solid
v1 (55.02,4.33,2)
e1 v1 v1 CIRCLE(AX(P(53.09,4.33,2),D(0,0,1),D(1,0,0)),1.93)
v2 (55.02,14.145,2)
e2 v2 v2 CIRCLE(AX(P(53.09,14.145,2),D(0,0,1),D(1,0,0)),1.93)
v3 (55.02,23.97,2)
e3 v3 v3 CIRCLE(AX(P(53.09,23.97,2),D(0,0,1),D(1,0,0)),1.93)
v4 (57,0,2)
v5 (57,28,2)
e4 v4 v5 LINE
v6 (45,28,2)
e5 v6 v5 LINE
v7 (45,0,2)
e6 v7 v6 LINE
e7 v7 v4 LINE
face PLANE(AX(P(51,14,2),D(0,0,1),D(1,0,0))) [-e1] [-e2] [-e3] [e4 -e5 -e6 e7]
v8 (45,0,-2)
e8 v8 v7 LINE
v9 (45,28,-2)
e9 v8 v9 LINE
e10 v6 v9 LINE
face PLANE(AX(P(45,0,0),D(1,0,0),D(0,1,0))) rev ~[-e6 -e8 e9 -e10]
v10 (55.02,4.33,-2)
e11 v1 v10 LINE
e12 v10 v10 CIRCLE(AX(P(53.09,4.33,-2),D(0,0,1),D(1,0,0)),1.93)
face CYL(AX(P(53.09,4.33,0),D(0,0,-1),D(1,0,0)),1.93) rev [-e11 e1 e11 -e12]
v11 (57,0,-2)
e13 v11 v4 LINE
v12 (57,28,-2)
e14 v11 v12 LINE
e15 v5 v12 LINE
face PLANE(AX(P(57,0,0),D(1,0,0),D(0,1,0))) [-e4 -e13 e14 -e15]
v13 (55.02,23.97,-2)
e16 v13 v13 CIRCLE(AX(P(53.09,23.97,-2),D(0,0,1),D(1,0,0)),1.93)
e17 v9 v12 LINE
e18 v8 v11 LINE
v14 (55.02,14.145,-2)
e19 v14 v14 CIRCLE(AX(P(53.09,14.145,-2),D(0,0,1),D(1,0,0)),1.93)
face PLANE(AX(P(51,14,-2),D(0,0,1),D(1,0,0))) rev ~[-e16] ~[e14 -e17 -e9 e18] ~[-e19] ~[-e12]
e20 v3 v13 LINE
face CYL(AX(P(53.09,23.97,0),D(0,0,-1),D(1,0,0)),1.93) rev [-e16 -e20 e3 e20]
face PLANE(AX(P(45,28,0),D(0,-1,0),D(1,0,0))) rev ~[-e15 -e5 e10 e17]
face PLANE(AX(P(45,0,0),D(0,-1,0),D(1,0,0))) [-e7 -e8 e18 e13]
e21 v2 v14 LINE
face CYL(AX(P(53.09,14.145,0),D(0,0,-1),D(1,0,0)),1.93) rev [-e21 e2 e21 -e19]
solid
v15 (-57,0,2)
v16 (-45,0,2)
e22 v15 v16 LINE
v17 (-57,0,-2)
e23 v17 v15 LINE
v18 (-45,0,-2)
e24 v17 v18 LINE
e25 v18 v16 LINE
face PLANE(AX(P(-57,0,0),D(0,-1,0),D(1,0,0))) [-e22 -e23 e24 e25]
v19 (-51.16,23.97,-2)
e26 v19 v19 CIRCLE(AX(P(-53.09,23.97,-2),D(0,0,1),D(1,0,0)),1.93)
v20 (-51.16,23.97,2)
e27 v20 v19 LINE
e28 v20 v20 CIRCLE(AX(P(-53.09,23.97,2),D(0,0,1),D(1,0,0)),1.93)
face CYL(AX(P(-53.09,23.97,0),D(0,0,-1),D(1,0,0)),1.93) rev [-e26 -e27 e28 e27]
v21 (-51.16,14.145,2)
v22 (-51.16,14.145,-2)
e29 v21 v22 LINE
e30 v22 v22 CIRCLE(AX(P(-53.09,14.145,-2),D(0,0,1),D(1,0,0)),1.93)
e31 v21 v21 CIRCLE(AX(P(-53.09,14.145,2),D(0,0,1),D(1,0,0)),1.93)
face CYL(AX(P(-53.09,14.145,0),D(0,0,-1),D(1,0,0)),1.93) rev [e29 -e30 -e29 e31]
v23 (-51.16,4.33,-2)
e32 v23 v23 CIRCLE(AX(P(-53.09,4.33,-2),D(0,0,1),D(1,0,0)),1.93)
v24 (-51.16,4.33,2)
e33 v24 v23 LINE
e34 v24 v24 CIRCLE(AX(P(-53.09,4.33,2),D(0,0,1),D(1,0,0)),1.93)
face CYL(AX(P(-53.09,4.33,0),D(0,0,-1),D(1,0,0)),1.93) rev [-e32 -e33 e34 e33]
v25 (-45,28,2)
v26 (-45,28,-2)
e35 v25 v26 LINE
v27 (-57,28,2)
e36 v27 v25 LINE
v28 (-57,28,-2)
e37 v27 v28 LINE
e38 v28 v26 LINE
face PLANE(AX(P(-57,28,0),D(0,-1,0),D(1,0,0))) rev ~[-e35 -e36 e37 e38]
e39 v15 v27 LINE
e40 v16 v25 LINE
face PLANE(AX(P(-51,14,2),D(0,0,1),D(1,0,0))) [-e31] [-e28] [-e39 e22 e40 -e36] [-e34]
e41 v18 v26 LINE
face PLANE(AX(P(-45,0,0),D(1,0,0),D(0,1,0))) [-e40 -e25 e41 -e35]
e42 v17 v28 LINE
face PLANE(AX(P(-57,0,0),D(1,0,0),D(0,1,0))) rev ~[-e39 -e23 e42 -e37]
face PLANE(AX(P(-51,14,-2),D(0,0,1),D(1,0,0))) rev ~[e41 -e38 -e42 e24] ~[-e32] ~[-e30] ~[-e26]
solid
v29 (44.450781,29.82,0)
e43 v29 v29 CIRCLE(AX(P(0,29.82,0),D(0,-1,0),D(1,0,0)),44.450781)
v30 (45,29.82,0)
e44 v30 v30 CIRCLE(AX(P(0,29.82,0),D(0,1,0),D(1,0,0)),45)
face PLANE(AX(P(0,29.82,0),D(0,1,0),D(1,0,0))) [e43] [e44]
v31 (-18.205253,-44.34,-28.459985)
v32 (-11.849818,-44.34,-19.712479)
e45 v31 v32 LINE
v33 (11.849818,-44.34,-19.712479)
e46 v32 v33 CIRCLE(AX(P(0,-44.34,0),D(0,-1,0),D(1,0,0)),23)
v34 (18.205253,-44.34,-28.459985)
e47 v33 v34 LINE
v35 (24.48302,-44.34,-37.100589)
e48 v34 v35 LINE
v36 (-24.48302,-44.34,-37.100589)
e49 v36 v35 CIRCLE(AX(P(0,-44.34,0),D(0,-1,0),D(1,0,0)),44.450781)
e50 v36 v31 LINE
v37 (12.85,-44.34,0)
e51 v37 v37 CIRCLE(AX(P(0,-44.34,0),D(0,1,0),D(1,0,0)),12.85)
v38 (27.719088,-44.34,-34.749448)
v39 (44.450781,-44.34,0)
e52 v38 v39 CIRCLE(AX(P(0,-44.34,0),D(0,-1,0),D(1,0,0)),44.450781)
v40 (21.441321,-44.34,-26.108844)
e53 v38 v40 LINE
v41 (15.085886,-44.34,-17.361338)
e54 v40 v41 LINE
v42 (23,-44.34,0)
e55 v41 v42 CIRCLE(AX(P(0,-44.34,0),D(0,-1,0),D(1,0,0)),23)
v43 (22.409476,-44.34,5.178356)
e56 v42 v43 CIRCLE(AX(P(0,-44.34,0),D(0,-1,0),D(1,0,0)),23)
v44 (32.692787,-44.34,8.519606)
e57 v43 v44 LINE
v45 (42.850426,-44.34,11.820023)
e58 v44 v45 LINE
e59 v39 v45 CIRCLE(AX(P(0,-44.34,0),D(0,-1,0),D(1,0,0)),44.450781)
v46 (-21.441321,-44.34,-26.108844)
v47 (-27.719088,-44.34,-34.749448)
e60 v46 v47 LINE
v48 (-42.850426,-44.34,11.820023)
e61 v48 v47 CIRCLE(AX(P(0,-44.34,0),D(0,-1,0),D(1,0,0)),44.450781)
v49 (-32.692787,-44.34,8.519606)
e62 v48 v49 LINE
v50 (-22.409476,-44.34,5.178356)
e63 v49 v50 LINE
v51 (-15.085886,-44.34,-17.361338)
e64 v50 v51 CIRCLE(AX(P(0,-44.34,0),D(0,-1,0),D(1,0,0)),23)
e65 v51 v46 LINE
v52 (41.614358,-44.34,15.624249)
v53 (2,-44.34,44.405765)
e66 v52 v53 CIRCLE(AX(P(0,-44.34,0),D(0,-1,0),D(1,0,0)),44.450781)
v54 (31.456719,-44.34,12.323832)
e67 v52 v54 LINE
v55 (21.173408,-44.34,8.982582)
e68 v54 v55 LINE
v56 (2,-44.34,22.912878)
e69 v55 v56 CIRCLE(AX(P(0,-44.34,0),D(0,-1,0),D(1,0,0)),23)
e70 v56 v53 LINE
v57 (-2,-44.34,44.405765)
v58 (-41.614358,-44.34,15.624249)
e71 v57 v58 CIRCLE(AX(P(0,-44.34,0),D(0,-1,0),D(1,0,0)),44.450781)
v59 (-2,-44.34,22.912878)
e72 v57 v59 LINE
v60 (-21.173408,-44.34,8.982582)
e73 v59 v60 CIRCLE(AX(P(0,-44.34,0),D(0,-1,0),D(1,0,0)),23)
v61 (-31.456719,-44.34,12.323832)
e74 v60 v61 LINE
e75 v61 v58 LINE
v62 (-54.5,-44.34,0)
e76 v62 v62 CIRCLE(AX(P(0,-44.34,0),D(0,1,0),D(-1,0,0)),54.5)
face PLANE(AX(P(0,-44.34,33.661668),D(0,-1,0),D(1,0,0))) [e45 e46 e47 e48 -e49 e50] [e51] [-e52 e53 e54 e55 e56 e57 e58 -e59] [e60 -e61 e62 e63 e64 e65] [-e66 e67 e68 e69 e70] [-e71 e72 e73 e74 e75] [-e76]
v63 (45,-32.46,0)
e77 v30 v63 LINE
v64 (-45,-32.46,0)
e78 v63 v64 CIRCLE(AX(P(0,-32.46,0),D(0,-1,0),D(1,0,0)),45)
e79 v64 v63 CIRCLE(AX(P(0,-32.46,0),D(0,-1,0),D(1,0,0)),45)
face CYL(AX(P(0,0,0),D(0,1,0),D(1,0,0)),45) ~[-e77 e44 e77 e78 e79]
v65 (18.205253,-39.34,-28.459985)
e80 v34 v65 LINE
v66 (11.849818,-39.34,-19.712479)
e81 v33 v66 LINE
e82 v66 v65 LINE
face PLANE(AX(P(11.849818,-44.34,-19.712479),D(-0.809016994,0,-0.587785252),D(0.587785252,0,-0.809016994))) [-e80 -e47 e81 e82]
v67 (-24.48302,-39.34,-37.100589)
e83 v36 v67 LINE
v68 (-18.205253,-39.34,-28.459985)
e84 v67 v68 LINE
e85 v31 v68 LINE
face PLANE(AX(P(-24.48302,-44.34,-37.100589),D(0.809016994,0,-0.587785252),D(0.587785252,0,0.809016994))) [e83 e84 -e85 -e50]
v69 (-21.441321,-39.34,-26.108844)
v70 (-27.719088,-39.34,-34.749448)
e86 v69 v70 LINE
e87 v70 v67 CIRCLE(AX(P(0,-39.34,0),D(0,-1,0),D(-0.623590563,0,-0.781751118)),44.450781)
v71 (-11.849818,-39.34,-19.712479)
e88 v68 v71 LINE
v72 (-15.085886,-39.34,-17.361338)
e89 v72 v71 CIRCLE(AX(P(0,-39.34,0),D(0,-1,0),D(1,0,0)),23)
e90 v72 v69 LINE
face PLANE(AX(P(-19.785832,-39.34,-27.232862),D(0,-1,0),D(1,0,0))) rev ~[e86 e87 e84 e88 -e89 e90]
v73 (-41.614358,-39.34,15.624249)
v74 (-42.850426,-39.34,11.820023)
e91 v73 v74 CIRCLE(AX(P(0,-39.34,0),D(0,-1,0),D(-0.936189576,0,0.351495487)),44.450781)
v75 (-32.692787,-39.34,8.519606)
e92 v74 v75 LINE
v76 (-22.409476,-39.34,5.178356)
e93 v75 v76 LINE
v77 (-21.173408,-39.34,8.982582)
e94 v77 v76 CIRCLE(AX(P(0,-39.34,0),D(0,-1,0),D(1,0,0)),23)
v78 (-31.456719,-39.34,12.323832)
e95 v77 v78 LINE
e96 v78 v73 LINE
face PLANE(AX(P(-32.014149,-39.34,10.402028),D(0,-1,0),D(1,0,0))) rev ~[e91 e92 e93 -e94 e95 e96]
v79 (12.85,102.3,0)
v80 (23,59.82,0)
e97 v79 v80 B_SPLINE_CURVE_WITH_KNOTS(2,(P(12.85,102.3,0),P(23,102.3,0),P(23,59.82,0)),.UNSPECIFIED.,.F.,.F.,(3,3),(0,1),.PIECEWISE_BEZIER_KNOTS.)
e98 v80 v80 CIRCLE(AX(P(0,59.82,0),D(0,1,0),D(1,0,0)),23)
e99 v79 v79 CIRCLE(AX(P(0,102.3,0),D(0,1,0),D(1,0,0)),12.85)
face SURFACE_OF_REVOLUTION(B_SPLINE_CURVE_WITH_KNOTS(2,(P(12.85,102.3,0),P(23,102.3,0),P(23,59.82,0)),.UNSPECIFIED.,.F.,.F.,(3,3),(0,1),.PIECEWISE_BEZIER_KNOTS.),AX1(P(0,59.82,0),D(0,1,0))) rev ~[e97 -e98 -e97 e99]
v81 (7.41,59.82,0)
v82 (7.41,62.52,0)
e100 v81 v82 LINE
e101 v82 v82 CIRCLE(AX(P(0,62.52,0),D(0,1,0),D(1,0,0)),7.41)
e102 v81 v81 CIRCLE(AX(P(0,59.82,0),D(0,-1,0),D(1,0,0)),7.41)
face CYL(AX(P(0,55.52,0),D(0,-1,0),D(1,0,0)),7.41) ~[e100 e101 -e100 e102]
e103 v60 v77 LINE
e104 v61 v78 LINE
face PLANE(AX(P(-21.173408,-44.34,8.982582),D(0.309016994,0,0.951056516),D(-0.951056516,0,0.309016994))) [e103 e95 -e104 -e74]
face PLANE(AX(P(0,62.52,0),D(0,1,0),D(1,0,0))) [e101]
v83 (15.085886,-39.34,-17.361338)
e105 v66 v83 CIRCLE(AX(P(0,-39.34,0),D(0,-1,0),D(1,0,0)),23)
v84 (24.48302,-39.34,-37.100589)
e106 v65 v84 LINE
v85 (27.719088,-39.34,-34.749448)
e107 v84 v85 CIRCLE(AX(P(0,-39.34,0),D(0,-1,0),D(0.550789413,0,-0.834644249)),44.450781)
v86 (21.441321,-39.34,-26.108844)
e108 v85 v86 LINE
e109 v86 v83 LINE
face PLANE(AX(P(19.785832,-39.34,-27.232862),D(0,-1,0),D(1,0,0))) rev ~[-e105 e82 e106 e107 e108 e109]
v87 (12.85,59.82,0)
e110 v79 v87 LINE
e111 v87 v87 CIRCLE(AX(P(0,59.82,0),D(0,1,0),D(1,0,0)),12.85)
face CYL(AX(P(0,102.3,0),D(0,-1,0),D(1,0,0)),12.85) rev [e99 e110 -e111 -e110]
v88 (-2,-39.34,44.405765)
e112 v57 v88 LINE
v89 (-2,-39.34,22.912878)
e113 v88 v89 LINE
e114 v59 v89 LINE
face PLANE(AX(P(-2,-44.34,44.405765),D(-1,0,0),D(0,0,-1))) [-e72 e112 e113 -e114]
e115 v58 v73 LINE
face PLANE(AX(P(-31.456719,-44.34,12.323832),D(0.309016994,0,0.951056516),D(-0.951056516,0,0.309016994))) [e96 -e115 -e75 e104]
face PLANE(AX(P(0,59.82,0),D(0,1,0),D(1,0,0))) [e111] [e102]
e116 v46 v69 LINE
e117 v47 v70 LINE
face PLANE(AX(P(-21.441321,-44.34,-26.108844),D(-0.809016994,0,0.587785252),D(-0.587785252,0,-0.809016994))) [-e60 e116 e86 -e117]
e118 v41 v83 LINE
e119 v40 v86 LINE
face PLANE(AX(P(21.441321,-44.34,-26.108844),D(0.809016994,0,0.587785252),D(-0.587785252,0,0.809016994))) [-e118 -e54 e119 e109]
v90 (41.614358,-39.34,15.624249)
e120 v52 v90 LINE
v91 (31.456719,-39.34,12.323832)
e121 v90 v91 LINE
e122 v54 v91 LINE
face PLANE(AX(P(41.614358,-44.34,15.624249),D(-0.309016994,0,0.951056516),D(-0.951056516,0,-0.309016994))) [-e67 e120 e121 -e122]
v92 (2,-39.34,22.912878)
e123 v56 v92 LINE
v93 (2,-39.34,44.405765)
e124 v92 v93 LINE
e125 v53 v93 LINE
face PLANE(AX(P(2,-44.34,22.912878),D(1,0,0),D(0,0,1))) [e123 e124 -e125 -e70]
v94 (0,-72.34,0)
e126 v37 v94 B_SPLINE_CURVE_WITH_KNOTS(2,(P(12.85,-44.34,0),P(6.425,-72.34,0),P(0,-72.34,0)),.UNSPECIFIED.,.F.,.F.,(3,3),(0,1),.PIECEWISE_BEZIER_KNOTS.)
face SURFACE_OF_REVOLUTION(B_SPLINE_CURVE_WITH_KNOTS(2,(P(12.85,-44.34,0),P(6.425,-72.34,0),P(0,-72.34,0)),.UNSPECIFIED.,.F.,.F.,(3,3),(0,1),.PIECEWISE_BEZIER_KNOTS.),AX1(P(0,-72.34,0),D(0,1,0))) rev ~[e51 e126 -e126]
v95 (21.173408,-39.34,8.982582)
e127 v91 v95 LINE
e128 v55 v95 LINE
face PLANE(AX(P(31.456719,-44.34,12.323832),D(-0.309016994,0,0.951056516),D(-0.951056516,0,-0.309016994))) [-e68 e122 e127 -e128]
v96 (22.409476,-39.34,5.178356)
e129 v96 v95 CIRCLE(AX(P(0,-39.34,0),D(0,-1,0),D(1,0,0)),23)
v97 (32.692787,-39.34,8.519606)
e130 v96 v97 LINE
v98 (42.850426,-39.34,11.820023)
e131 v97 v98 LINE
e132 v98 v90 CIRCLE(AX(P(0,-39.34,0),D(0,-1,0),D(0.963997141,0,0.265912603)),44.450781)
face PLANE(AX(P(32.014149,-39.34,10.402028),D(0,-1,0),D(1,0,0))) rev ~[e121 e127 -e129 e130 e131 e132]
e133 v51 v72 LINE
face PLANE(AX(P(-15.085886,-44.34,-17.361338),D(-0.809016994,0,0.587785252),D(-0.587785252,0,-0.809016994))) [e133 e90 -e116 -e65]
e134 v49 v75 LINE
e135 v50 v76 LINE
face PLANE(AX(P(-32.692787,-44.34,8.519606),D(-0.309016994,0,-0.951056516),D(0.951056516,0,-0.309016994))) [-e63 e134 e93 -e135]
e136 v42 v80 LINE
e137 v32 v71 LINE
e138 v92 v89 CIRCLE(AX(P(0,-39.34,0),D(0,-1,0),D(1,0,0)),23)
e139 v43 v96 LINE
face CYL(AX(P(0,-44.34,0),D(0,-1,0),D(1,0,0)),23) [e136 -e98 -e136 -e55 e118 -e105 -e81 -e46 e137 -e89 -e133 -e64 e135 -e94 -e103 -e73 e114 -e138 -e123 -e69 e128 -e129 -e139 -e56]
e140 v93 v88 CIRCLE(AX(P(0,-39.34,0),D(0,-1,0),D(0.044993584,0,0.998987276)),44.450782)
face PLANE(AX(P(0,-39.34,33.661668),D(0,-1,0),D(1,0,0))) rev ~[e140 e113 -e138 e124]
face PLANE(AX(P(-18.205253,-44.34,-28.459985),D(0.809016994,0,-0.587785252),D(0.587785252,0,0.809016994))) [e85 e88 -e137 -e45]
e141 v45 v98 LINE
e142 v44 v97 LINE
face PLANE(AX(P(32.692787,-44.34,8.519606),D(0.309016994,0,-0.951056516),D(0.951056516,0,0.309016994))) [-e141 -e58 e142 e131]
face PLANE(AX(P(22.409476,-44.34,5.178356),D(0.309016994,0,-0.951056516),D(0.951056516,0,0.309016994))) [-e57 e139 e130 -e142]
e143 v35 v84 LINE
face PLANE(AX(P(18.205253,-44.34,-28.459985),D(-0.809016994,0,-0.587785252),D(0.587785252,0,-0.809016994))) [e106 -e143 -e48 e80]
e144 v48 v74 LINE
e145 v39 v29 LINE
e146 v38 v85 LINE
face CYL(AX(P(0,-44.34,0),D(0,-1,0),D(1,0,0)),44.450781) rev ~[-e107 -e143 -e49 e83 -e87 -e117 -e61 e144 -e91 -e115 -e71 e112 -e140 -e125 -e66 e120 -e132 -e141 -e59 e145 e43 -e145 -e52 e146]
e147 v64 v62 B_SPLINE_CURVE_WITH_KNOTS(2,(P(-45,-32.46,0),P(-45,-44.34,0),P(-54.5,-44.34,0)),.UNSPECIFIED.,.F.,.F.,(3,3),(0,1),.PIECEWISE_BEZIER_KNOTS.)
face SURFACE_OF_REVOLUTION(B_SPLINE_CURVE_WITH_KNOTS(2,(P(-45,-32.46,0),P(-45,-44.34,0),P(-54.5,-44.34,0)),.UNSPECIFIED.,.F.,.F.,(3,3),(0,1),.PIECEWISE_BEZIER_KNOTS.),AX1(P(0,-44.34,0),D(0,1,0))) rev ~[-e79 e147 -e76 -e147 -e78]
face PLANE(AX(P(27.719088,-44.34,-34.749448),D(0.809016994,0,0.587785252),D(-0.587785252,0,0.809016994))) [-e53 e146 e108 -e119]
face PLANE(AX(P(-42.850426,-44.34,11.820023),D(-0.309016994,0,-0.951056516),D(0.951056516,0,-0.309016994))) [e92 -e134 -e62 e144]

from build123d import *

# Parameters (mm, degrees)
SKETCH_1_R          = 45
EXTRUDE_1_DEPTH     = 29.82
SKETCH_2_W          = 12
SKETCH_2_H          = 28
SKETCH_2_R          = 1.93
EXTRUDE_2_DEPTH     = 2
EXTRUDE_2_2_DEPTH   = 2
SKETCH_3_R          = 21.35
EXTRUDE_3_DEPTH     = 25.7
SKETCH_4_R          = 7.41
EXTRUDE_4_DEPTH     = 7
SKETCH_5_R          = 45
EXTRUDE_5_DEPTH     = 32.46
SKETCH_7_R          = 23
EXTRUDE_6_DEPTH     = 30
SKETCH_11_R         = 44.450781265
SKETCH_11_R_2       = 23
CUT_EXTRUDE_1_DEPTH = 118.34
EXTRUDE_7_DEPTH     = 5


with BuildPart() as part:
    # 草图1 → 凸台-拉伸1 (new body)
    with BuildSketch(Plane(origin=(0, 0, 0), x_dir=(1, 0, 0), z_dir=(0, 1, 0))):
        Circle(SKETCH_1_R)
    extrude(amount=EXTRUDE_1_DEPTH)

    # 草图3 → 凸台-拉伸3 (add)
    with BuildSketch(Plane(origin=(0, 29.82, 0), x_dir=(1, 0, 0), z_dir=(0, 1, 0))):
        Circle(SKETCH_3_R)
    extrude(amount=EXTRUDE_3_DEPTH)

    # 草图4 → 凸台-拉伸4 (add)
    with BuildSketch(Plane(origin=(0, 55.52, 0), x_dir=(1, 0, 0), z_dir=(0, 1, 0))):
        Circle(SKETCH_4_R)
    extrude(amount=EXTRUDE_4_DEPTH)

    # 草图5 → 凸台-拉伸5 (add)
    with BuildSketch(Plane.XZ):
        Circle(SKETCH_5_R)
    extrude(amount=EXTRUDE_5_DEPTH)

    # 草图6 → 旋转1 (revolve)
    with BuildSketch(Plane.XY):
        with BuildLine():
            Line((-54.5, -44.34), (0, -44.34))
            Line((0, -44.34), (0, -32.46))
            Line((0, -32.46), (-45, -32.46))
            add(Edge.make_bspline(
                [(-45, -32.46), (-45, -44.34), (-54.5, -44.34)],
                knots=[0, 0, 0, 1, 1, 1], degree=2))
        make_face()
    revolve(axis=Axis((0, -44.34, 0), (0, 1, 0)))

    # 草图7 → 凸台-拉伸6 (add)
    with BuildSketch(Plane(origin=(0, 29.82, 0), x_dir=(1, 0, 0), z_dir=(0, 1, 0))):
        Circle(SKETCH_7_R)
    extrude(amount=EXTRUDE_6_DEPTH)

    # 草图8 → 旋转2 (revolve)
    with BuildSketch(Plane.XY):
        with BuildLine():
            Line((12.85, 102.3), (12.85, 59.82))
            Line((12.85, 59.82), (23, 59.82))
            add(Edge.make_bspline(
                [(12.85, 102.3), (23, 102.3), (23, 59.82)],
                knots=[0, 0, 0, 1, 1, 1], degree=2))
        make_face()
    revolve(axis=Axis((0, 59.82, 0), (0, 1, 0)))

    # 草图10 → 旋转3 (revolve)
    with BuildSketch(Plane.XY):
        with BuildLine():
            Line((0, -72.34), (0, -44.34))
            Line((0, -44.34), (12.85, -44.34))
            add(Edge.make_bspline(
                [(12.85, -44.34), (6.425, -72.34), (0, -72.34)],
                knots=[0, 0, 0, 1, 1, 1], degree=2))
        make_face()
    revolve(axis=Axis((0, -72.34, 0), (0, 1, 0)))

    # 草图11 → 切除-拉伸1 (cut)
    with BuildSketch(Plane.XZ.offset(44.34)):
        Circle(SKETCH_11_R)
        Circle(SKETCH_11_R_2, mode=Mode.SUBTRACT)
    extrude(amount=-CUT_EXTRUDE_1_DEPTH, mode=Mode.SUBTRACT)

    # 草图12 → 凸台-拉伸7 (add)
    with BuildSketch(Plane.XZ.offset(44.34)):
        with BuildLine():
            Line((2, 33.725390633), (2, 44.405764886))
            ThreePointArc((2, 44.405764886), (0, 44.450781265), (-2, 44.405764886))
            Line((-2, 44.405764886), (-2, 33.725390633))
            Line((-2, 33.725390633), (-2, 22.912878475))
            Line((-2, 22.912878475), (2, 22.912878475))
            Line((2, 22.912878475), (2, 33.725390633))
        make_face()
        with BuildLine():
            Line((21.173408392, 8.982581871), (22.409476369, 5.178355806))
            Line((22.409476369, 5.178355806), (32.692786515, 8.519605815))
            Line((32.692786515, 8.519605815), (42.850426045, 11.820022965))
            ThreePointArc((42.850426045, 11.820022965), (42.275205177, 13.736046824), (41.614358067, 15.624249031))
            Line((41.614358067, 15.624249031), (31.456718537, 12.32383188))
            Line((31.456718537, 12.32383188), (21.173408392, 8.982581871))
        make_face()
        with BuildLine():
            Line((15.085886044, -17.361337572), (11.849818066, -19.712478581))
            Line((11.849818066, -19.712478581), (18.205253253, -28.459984668))
            Line((18.205253253, -28.459984668), (24.483019728, -37.100588946))
            ThreePointArc((24.483019728, -37.100588946), (26.127513681, -35.961437457), (27.719087706, -34.749447936))
            Line((27.719087706, -34.749447936), (21.44132123, -26.108843659))
            Line((21.44132123, -26.108843659), (15.085886044, -17.361337572))
        make_face()
        with BuildLine():
            Line((-11.849818066, -19.712478581), (-15.085886044, -17.361337572))
            Line((-15.085886044, -17.361337572), (-21.44132123, -26.108843659))
            Line((-21.44132123, -26.108843659), (-27.719087706, -34.749447936))
            ThreePointArc((-27.719087706, -34.749447936), (-26.127513681, -35.961437457), (-24.483019728, -37.100588946))
            Line((-24.483019728, -37.100588946), (-18.205253253, -28.459984668))
            Line((-18.205253253, -28.459984668), (-11.849818066, -19.712478581))
        make_face()
        with BuildLine():
            Line((-22.409476369, 5.178355806), (-21.173408392, 8.982581871))
            Line((-21.173408392, 8.982581871), (-31.456718537, 12.32383188))
            Line((-31.456718537, 12.32383188), (-41.614358067, 15.624249031))
            ThreePointArc((-41.614358067, 15.624249031), (-42.275205177, 13.736046824), (-42.850426045, 11.820022965))
            Line((-42.850426045, 11.820022965), (-32.692786515, 8.519605815))
            Line((-32.692786515, 8.519605815), (-22.409476369, 5.178355806))
        make_face()
    extrude(amount=-EXTRUDE_7_DEPTH)


with BuildPart() as body_2:
    # 草图2 → 凸台-拉伸2 (new body, symmetric)
    with BuildSketch(Plane.XY):
        with Locations((51, 14)):
            Rectangle(SKETCH_2_W, SKETCH_2_H)
        with Locations((53.09, 23.97)):
            Circle(SKETCH_2_R, mode=Mode.SUBTRACT)
        with Locations((53.09, 14.145)):
            Circle(SKETCH_2_R, mode=Mode.SUBTRACT)
        with Locations((53.09, 4.33)):
            Circle(SKETCH_2_R, mode=Mode.SUBTRACT)
    extrude(amount=EXTRUDE_2_DEPTH, both=True)


with BuildPart() as body_3:
    # 草图2 → Extrude 2 2 (new body, symmetric)
    with BuildSketch(Plane.XY):
        with Locations((-51, 14)):
            Rectangle(SKETCH_2_W, SKETCH_2_H)
        with Locations((-53.09, 4.33)):
            Circle(SKETCH_2_R, mode=Mode.SUBTRACT)
        with Locations((-53.09, 14.145)):
            Circle(SKETCH_2_R, mode=Mode.SUBTRACT)
        with Locations((-53.09, 23.97)):
            Circle(SKETCH_2_R, mode=Mode.SUBTRACT)
    extrude(amount=EXTRUDE_2_2_DEPTH, both=True)


solid = Compound([part.part, body_2.part, body_3.part])
